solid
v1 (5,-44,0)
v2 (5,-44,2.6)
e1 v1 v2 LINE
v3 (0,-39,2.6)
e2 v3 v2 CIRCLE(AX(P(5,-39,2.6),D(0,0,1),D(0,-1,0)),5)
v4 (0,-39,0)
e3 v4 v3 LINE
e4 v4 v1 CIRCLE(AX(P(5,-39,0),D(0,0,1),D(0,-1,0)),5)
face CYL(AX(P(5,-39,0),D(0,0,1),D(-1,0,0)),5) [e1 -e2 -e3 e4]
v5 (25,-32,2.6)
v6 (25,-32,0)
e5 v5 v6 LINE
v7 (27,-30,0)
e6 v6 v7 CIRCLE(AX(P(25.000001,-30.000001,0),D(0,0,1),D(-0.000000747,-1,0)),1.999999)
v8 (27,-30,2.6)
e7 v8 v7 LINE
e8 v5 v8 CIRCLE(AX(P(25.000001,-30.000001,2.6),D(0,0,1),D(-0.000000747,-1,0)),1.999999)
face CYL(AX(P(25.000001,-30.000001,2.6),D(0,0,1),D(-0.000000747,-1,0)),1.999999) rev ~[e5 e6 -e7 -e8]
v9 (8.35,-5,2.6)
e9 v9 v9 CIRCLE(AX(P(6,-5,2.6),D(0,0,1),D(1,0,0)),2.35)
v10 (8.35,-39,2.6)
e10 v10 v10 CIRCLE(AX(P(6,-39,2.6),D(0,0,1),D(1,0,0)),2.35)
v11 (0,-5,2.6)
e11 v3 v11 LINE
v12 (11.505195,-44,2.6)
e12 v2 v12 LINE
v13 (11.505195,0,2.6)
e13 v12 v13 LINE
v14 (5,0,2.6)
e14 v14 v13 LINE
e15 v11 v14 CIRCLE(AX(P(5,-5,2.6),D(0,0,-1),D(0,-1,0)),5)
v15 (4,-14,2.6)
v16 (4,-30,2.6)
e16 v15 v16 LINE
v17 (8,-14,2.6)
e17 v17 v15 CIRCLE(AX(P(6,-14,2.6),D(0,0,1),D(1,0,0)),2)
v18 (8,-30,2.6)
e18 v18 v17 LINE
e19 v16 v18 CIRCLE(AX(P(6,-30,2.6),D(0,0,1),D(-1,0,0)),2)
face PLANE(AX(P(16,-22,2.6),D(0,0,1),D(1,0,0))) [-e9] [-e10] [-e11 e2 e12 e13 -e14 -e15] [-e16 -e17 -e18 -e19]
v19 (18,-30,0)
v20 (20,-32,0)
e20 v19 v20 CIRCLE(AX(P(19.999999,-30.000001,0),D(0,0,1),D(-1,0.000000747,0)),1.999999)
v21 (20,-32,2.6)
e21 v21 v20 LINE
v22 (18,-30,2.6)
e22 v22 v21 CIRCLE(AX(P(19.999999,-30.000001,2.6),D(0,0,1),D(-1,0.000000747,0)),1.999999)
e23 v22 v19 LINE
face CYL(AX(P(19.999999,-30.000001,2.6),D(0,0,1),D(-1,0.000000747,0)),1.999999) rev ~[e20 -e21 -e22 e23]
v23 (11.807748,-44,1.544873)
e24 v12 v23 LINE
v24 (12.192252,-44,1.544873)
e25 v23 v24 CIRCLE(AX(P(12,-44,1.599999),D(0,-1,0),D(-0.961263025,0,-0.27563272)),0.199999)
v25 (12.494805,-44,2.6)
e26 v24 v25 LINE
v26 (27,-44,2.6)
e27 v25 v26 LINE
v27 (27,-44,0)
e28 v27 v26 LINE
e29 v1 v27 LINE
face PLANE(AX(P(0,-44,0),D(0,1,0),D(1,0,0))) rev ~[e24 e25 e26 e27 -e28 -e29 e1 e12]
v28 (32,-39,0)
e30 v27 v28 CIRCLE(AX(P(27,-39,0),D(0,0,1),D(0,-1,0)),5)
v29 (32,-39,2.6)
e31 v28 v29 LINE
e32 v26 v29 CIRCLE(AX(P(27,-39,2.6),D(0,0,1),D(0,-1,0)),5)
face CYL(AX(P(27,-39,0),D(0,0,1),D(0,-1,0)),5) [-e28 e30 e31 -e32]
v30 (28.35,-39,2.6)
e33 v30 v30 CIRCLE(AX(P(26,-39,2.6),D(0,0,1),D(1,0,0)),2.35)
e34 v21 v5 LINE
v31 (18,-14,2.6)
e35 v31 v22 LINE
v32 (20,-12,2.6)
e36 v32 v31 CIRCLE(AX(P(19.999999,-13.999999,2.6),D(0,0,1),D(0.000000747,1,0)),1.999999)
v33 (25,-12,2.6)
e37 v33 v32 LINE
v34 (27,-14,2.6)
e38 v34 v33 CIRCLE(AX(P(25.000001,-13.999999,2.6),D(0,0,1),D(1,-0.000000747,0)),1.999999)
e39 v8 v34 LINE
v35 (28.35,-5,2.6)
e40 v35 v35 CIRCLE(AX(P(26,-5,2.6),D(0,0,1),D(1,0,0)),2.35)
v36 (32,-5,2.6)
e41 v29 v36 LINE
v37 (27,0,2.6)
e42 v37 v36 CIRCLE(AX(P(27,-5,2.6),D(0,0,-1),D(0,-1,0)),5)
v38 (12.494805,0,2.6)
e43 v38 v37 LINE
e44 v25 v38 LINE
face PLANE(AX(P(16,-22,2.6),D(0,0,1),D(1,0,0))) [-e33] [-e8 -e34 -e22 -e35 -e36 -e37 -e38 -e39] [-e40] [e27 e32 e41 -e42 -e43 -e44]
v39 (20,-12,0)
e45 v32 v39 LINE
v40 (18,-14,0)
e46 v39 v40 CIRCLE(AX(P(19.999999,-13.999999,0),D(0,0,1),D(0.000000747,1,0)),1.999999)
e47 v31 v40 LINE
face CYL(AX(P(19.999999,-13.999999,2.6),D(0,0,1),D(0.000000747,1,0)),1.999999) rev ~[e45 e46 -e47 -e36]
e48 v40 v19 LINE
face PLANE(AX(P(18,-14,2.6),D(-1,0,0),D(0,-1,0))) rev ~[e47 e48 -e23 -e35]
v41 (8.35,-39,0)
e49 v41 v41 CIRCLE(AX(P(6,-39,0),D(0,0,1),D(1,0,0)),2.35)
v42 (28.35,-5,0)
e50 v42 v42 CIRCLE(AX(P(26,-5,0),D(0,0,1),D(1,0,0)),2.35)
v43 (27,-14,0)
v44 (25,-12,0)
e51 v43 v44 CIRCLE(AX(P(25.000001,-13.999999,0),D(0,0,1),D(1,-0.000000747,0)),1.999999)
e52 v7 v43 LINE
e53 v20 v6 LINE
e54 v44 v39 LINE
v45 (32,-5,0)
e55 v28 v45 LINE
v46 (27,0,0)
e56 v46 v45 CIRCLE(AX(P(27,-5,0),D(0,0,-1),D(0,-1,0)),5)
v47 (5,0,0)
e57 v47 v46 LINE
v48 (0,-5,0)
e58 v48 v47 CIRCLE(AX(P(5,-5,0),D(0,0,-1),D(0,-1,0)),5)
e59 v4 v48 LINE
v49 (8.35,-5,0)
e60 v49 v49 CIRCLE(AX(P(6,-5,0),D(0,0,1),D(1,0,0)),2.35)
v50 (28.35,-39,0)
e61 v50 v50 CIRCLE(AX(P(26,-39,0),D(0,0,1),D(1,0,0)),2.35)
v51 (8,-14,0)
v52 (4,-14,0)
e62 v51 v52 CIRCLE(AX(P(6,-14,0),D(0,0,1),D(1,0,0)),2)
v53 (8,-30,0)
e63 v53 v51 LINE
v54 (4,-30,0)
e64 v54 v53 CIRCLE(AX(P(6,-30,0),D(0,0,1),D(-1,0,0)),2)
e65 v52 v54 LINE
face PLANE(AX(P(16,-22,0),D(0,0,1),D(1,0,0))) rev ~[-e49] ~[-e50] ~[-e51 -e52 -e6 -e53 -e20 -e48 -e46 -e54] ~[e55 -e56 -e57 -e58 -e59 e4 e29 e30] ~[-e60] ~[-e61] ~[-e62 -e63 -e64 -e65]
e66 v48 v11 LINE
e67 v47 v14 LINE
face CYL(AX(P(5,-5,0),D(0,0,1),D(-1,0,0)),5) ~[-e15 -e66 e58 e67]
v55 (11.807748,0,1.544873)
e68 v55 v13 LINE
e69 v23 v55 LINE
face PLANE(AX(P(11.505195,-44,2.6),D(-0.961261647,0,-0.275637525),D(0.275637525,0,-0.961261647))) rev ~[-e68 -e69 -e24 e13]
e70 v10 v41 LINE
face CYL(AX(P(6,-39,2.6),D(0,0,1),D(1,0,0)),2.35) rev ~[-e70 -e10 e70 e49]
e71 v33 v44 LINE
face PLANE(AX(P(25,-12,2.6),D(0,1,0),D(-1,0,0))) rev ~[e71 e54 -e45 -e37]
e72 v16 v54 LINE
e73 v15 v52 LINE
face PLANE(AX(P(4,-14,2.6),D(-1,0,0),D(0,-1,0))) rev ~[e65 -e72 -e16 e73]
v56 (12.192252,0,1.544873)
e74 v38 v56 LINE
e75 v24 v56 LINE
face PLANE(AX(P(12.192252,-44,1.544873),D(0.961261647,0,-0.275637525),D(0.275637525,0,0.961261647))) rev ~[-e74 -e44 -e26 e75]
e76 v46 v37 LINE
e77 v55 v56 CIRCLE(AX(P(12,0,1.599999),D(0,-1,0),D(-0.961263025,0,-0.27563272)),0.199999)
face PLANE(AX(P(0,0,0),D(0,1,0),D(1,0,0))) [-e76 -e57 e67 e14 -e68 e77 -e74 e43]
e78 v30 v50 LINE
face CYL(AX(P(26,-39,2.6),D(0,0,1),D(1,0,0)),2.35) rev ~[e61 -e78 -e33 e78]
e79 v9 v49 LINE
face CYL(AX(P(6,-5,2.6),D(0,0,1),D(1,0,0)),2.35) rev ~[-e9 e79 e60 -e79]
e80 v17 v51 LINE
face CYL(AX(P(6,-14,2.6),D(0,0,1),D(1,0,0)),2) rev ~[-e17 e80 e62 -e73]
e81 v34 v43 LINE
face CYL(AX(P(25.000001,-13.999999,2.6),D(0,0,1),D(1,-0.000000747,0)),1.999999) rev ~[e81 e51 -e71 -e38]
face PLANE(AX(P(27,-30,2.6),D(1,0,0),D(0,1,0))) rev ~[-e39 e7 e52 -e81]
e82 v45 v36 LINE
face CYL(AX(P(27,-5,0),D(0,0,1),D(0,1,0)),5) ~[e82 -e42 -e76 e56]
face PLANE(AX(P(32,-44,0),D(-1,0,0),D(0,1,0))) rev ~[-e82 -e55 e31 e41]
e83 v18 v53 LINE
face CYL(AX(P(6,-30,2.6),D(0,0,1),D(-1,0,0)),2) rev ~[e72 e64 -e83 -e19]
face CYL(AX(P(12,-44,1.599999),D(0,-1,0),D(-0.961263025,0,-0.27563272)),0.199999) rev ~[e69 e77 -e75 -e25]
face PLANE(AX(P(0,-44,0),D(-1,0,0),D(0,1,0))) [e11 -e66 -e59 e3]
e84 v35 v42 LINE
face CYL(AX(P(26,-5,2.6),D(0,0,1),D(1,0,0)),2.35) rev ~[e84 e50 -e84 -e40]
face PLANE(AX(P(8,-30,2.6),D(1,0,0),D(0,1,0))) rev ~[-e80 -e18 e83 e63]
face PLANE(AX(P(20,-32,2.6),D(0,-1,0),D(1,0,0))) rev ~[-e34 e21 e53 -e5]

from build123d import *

# Parameters (mm, degrees)
F0_W     = 32
F0_H     = 44
F1_DEPTH = 2.6
F2_R     = 2.35
F3_DEPTH = 2.6
F5_DEPTH = 44.001
F6_R     = 5
F8_DEPTH = 2.601


with BuildPart() as f1:
    # F0 (on Top) → F1 (new body)
    with BuildSketch(Plane.XY):
        with Locations((16, -22)):
            Rectangle(F0_W, F0_H)
    extrude(amount=F1_DEPTH)

    # F2 (on face) → F3 (cut, through all)
    with BuildSketch(Plane.XY.offset(2.6)):
        with Locations((6, -5)):
            Circle(F2_R)
        with Locations((6, -39)):
            Circle(F2_R)
        with Locations((26, -39)):
            Circle(F2_R)
        with Locations((26, -5)):
            Circle(F2_R)
    extrude(amount=-F3_DEPTH, mode=Mode.SUBTRACT)

    # F4 (on face) → F5 (cut, through all)
    with BuildSketch(Plane.XZ.offset(44)):
        with BuildLine():
            Line((12.494805, 2.6), (11.505195, 2.6))
            Line((11.505195, 2.6), (11.807748, 1.544873))
            ThreePointArc((11.807748, 1.544873), (12, 1.4), (12.192252, 1.544873))
            Line((12.192252, 1.544873), (12.494805, 2.6))
        make_face()
    extrude(amount=-F5_DEPTH, mode=Mode.SUBTRACT)

    # F6
    f6_edges = [f1.edges().sort_by_distance(p)[0] for p in [
        (0, -44, 1.3),
        (32, -44, 1.3),
        (32, 0, 1.3),
        (0, 0, 1.3),
    ]]
    fillet(f6_edges, radius=F6_R)

    # F7 (on face) → F8 (cut, through all)
    with BuildSketch(Plane.XY.offset(2.6)):
        with BuildLine():
            Line((8, -30), (8, -14))
            ThreePointArc((8, -14), (6, -12), (4, -14))
            Line((4, -14), (4, -30))
            ThreePointArc((4, -30), (6, -32), (8, -30))
        make_face()
        with BuildLine():
            Line((25, -12), (20, -12))
            ThreePointArc((20, -12), (18.585786, -12.585786), (18, -14))
            Line((18, -14), (18, -30))
            ThreePointArc((18, -30), (18.585786, -31.414214), (20, -32))
            Line((20, -32), (25, -32))
            ThreePointArc((25, -32), (26.414214, -31.414214), (27, -30))
            Line((27, -30), (27, -14))
            ThreePointArc((27, -14), (26.414214, -12.585786), (25, -12))
        make_face()
    extrude(amount=-F8_DEPTH, mode=Mode.SUBTRACT)


solid = f1.part
